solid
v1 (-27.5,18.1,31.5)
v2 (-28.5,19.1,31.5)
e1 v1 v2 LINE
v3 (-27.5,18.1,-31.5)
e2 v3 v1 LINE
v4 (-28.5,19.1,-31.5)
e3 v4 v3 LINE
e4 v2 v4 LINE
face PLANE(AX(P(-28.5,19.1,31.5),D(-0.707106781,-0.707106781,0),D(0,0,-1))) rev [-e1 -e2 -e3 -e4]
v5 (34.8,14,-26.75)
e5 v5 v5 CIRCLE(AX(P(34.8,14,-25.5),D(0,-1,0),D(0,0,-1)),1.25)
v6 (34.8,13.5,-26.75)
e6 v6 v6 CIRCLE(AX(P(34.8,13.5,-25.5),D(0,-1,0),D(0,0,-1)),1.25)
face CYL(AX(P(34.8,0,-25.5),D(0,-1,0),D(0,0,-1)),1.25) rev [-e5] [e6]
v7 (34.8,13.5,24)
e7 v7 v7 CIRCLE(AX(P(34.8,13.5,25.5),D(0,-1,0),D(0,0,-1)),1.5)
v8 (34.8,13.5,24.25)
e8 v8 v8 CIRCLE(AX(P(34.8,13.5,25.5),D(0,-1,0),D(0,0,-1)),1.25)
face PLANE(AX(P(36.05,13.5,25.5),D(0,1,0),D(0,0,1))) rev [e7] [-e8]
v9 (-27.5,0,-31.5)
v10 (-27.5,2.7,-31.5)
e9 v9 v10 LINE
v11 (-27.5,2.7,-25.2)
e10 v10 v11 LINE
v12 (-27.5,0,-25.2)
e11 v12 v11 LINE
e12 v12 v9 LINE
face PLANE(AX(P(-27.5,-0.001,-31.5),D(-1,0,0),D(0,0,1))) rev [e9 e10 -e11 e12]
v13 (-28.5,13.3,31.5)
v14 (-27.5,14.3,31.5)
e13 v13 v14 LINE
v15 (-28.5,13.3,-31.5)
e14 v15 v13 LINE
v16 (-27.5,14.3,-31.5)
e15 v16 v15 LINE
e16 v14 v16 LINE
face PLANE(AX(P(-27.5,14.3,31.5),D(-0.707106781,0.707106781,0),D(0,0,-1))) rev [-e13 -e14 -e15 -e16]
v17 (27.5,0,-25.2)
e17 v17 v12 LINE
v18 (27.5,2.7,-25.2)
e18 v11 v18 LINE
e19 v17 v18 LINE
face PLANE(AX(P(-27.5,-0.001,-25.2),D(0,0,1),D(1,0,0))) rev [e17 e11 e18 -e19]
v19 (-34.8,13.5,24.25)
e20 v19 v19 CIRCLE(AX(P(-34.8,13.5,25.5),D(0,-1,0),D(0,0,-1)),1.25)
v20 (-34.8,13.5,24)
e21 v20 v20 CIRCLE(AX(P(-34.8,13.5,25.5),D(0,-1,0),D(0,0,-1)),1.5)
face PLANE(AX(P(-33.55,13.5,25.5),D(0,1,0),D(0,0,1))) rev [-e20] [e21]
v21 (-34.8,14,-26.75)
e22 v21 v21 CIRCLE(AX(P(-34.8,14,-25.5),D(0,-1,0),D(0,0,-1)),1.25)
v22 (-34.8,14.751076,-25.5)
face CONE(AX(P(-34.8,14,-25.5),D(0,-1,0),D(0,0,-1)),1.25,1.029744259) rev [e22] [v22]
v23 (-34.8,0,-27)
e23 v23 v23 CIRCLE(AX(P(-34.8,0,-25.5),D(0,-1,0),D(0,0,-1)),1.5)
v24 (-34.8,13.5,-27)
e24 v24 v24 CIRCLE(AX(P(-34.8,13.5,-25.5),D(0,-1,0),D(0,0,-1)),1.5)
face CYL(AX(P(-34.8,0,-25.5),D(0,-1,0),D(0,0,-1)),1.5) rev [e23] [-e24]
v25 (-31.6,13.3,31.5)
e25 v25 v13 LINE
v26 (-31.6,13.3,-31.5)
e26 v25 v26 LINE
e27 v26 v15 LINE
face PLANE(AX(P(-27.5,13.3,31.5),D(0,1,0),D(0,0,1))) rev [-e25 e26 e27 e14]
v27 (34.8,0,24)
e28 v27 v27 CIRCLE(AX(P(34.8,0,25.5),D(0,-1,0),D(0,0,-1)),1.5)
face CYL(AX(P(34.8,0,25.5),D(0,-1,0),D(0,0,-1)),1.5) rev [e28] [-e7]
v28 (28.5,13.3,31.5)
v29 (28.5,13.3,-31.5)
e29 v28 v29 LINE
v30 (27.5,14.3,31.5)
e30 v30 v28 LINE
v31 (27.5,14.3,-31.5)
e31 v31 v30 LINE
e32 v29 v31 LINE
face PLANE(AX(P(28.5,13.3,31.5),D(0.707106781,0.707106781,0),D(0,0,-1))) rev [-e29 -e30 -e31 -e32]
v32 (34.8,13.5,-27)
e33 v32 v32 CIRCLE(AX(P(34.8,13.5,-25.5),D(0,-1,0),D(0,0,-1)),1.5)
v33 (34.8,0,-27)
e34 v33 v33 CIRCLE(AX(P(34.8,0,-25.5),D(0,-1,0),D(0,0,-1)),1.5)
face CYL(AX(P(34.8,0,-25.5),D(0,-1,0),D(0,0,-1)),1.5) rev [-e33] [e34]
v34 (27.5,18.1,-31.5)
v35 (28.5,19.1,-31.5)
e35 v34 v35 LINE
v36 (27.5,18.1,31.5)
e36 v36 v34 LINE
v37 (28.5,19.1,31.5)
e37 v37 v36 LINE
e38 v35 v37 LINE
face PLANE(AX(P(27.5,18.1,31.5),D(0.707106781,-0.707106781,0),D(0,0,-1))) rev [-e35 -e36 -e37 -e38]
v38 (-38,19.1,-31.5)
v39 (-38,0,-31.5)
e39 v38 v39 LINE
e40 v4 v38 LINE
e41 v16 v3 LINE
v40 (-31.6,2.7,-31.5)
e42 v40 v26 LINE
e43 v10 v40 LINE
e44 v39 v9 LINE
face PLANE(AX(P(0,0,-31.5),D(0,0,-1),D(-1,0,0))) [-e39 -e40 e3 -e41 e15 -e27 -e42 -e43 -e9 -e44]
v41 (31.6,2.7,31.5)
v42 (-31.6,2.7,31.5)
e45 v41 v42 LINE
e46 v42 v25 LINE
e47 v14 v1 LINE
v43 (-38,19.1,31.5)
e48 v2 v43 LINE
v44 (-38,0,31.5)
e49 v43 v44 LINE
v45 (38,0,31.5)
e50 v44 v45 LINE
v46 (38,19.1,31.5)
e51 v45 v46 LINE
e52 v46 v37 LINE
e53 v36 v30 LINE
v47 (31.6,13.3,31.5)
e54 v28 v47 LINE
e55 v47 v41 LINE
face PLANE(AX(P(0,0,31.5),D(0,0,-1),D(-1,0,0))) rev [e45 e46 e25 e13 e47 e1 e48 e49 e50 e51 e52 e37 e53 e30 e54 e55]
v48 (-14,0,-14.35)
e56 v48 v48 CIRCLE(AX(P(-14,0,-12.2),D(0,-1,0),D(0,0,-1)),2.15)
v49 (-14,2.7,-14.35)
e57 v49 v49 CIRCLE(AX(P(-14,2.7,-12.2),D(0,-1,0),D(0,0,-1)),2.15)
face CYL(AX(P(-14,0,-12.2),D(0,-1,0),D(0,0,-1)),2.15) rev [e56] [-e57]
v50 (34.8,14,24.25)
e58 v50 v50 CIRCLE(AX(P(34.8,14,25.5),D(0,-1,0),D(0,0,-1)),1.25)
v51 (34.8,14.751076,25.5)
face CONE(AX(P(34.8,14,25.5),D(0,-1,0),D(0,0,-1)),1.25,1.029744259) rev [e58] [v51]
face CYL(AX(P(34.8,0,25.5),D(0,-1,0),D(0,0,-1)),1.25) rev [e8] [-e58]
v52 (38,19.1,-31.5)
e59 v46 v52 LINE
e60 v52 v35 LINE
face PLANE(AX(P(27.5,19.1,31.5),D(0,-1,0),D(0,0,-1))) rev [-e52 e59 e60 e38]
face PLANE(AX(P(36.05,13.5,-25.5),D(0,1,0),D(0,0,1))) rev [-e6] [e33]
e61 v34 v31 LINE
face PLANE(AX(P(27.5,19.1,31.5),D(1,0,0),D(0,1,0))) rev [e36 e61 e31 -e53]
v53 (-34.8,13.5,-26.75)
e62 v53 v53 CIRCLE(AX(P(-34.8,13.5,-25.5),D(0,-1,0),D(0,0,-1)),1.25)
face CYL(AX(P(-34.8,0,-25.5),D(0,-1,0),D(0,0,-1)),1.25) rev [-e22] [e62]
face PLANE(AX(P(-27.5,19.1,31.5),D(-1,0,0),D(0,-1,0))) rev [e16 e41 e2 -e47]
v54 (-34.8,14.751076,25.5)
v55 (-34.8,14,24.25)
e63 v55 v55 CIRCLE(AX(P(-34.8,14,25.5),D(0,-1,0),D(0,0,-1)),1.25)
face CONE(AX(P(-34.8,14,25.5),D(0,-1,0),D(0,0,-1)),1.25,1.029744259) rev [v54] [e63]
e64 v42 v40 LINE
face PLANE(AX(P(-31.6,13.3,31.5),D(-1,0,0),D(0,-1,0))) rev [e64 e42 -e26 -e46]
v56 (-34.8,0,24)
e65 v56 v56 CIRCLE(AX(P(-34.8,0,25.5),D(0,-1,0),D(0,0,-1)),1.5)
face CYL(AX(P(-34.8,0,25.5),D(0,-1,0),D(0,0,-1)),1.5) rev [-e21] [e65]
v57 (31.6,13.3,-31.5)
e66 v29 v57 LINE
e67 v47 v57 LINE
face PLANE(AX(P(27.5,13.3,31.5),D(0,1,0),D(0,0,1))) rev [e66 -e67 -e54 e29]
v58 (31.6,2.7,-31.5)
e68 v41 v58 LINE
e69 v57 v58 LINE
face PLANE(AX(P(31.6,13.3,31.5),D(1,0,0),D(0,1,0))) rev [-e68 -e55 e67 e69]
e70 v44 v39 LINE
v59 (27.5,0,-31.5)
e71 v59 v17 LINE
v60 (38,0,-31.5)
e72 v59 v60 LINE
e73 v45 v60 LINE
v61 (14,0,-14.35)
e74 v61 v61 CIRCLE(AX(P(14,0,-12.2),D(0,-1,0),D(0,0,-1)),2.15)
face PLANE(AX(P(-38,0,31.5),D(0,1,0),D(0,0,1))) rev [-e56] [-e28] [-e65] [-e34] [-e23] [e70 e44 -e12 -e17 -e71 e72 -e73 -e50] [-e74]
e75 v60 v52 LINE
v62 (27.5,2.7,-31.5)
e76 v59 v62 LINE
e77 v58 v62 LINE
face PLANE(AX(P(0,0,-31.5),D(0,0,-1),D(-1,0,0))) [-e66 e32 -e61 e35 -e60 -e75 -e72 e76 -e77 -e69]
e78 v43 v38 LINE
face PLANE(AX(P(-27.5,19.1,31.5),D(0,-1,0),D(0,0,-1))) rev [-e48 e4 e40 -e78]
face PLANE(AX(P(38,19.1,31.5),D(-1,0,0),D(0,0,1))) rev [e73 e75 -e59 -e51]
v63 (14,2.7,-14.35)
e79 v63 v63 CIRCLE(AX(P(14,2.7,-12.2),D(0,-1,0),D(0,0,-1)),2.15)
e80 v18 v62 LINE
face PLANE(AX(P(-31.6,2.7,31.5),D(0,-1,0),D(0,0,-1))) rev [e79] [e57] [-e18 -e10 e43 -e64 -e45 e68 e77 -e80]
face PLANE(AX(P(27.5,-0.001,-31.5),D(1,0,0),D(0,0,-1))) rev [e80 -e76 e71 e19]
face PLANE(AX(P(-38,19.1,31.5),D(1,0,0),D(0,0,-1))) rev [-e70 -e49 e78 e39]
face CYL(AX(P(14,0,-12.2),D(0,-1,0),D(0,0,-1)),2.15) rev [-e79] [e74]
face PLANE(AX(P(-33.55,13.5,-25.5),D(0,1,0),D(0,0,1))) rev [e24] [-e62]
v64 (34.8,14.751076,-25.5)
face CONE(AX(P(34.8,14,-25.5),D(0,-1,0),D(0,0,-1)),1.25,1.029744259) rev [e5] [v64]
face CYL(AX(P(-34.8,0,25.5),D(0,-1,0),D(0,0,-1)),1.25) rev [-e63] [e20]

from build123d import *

# Parameters (mm, degrees)
EXTRUDE_1_DEPTH              = 31.5
HOLE_WIZARD_M3_1_D           = 2.5
HOLE_WIZARD_M3_1_DEPTH       = 14
HOLE_WIZARD_M3_1_CBORE_D     = 3
HOLE_WIZARD_M3_1_CBORE_DEPTH = 13.5
HOLE_WIZARD_M3_1_TIP         = 0.751075774
HOLE_WIZARD_M4_1_D           = 4.3
CUT_EXTRUDE_1_REACH          = 54.012
SKETCH_6_W                   = 55
SKETCH_6_H                   = 6.3
CHAMFER_1_SIZE               = 1


with BuildPart() as part:
    # 草图1 → 凸台-拉伸1 (new, symmetric)
    with BuildSketch(Plane.XY):
        Polygon((-27.5, 19.1), (-38, 19.1), (-38, 0), (38, 0), (38, 19.1), (27.5, 19.1), (27.5, 13.3), (31.6, 13.3), (31.6, 2.7), (-31.6, 2.7), (-31.6, 13.3), (-27.5, 13.3), align=None)
    extrude(amount=EXTRUDE_1_DEPTH, both=True)

    # M3 螺纹孔1
    with Locations(Plane(origin=(0, 0, 0), x_dir=(-1, 0, 0), z_dir=(0, -1, 0))):
        with Locations((34.8, 25.5), (34.8, -25.5), (-34.8, -25.5), (-34.8, 25.5)):
            CounterBoreHole(HOLE_WIZARD_M3_1_D / 2, HOLE_WIZARD_M3_1_CBORE_D / 2, HOLE_WIZARD_M3_1_CBORE_DEPTH, depth=HOLE_WIZARD_M3_1_DEPTH)
            with Locations((0, 0, -(HOLE_WIZARD_M3_1_DEPTH + HOLE_WIZARD_M3_1_TIP / 2))):  # 118° drill point
                Cone(0, HOLE_WIZARD_M3_1_D / 2, HOLE_WIZARD_M3_1_TIP, mode=Mode.SUBTRACT)

    # M4 间隙孔1 (through all)
    with Locations(Plane(origin=(0, 0, 0), x_dir=(-1, 0, 0), z_dir=(0, -1, 0))):
        with Locations((-14, 12.2), (14, 12.2)):
            Hole(HOLE_WIZARD_M4_1_D / 2)

    # 草图6 → 切除-拉伸1 (cut, up to next)
    with BuildSketch(Plane(origin=(0, 2.7, 0), x_dir=(1, 0, 0), z_dir=(0, 1, 0)), mode=Mode.PRIVATE) as cut_extrude_1_sk1:
        with Locations((0, 28.35)):
            Rectangle(SKETCH_6_W, SKETCH_6_H)
    cut_extrude_1_tool1 = extrude(cut_extrude_1_sk1.sketch, amount=-CUT_EXTRUDE_1_REACH, mode=Mode.PRIVATE) & part.part
    add(cut_extrude_1_tool1.solids().sort_by_distance((0, 2.7, -28.35))[0], mode=Mode.SUBTRACT)

    # 倒角1
    chamfer_1_edges = [part.edges().sort_by_distance(p)[0] for p in [
        (-27.5, 13.3, 0),
        (27.5, 13.3, 0),
        (27.5, 19.1, 0),
        (-27.5, 19.1, 0),
    ]]
    chamfer(chamfer_1_edges, length=CHAMFER_1_SIZE)


solid = part.part
